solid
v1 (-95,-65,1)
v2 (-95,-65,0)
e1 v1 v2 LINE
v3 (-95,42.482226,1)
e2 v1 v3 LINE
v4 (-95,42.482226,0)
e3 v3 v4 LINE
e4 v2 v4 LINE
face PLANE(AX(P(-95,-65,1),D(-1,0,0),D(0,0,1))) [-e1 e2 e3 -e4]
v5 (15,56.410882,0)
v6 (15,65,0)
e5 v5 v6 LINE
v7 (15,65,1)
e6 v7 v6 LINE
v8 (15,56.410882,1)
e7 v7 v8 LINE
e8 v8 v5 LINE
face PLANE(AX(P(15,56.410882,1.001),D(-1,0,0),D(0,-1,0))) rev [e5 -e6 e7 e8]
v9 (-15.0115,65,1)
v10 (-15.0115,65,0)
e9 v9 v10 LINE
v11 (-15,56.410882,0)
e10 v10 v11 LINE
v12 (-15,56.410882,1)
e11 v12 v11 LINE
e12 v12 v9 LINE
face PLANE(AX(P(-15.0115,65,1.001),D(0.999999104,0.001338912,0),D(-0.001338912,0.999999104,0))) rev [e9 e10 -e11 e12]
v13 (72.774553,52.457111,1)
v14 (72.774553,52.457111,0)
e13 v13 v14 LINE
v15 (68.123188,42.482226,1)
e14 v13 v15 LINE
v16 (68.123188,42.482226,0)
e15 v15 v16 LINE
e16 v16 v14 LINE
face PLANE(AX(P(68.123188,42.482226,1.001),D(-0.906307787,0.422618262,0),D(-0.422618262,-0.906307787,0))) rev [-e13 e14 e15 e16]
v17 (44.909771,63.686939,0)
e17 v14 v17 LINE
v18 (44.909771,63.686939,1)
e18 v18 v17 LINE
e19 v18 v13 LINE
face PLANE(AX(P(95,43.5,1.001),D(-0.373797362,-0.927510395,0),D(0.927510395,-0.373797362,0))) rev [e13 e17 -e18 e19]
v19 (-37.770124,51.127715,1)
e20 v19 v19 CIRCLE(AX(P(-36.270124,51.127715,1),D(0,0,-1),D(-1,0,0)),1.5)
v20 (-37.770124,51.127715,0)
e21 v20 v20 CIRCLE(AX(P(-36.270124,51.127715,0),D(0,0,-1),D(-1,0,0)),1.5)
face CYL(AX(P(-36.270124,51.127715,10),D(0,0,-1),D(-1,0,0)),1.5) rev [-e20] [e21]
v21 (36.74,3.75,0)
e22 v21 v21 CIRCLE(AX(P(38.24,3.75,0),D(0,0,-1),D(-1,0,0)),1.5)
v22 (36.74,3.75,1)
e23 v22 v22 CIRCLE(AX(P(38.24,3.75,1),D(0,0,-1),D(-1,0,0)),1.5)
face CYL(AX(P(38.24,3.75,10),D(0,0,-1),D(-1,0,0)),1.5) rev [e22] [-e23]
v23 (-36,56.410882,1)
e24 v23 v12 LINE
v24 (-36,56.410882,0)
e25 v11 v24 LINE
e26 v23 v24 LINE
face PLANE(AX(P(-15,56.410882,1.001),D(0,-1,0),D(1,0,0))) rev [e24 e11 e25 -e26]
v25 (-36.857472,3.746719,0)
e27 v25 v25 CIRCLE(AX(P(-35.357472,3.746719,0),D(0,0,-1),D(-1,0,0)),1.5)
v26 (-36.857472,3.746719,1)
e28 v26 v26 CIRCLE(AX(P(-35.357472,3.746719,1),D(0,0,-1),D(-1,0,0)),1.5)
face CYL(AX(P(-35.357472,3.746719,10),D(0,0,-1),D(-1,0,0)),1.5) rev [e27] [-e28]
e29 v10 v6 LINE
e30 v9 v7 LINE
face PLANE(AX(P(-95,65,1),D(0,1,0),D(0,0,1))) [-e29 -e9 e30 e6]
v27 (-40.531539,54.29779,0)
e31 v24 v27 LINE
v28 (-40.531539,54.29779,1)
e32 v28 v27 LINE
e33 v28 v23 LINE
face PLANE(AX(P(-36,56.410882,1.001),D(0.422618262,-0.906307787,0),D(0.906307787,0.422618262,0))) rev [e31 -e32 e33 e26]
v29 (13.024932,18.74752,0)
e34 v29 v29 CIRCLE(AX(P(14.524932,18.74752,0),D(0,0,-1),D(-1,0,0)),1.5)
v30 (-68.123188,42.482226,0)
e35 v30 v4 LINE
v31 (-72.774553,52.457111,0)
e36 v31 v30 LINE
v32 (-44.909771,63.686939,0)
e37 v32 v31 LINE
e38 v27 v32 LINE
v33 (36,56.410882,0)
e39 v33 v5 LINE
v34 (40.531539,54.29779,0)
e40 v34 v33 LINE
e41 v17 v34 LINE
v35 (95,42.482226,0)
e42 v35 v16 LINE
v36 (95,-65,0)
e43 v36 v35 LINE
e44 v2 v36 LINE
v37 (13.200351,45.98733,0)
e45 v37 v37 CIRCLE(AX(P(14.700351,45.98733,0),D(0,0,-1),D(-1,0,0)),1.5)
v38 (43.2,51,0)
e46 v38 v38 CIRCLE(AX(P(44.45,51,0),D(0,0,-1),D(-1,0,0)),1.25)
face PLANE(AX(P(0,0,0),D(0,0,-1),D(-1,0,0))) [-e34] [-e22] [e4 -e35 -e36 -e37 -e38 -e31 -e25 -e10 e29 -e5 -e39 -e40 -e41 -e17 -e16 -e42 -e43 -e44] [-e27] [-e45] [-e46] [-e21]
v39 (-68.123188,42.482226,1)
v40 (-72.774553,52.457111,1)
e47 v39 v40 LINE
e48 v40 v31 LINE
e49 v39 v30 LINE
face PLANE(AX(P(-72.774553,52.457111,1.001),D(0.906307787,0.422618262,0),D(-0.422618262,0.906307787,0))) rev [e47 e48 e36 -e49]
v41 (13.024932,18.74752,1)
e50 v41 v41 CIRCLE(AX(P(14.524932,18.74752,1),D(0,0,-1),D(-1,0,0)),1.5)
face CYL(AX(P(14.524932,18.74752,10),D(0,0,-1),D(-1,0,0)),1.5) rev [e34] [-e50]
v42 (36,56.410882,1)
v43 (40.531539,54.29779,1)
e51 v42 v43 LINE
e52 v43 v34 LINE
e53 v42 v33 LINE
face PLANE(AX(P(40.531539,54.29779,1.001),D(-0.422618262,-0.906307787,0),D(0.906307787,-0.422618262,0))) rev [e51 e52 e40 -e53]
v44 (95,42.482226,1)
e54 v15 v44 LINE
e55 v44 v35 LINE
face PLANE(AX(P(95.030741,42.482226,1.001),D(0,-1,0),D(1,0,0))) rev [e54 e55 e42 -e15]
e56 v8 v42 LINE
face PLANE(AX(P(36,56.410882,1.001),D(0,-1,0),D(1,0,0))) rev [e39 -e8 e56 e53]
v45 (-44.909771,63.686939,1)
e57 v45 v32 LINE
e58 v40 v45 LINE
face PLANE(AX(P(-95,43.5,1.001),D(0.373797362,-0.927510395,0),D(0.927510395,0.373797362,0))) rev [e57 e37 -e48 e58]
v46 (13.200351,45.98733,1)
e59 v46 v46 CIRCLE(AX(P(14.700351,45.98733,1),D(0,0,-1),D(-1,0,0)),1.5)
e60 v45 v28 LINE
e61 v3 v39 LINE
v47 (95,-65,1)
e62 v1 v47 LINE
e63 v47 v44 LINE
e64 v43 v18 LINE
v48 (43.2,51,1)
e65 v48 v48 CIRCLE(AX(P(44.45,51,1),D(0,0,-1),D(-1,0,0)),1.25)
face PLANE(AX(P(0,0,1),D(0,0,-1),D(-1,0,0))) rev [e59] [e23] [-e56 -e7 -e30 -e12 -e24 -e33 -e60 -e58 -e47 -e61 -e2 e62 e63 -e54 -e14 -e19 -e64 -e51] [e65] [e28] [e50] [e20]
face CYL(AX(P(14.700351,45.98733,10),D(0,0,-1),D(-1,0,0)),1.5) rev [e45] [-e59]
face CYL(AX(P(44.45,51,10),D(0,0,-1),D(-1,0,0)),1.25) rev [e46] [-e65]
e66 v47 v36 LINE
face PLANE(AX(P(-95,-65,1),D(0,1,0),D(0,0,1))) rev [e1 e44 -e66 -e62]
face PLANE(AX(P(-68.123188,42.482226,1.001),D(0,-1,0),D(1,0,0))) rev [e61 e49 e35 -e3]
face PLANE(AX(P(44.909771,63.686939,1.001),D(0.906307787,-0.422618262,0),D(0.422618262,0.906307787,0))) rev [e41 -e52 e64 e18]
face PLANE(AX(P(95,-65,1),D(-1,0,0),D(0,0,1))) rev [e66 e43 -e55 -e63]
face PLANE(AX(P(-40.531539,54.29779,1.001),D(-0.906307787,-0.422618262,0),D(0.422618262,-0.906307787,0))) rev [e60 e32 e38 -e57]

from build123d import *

# Parameters (mm, degrees)
CROQUIS1_W              = 190
CROQUIS1_H              = 130
SALIENTE_EXTRUIR1_DEPTH = 1
CROQUIS9_R              = 1.25
CROQUIS9_R_2            = 1.5
CORTAR_EXTRUIR2_DEPTH   = 10
CORTAR_EXTRUIR3_REACH   = 3
CORTAR_EXTRUIR4_REACH   = 3


with BuildPart() as part:
    # Croquis1 → Saliente-Extruir1 (new body)
    with BuildSketch(Plane.XY):
        Rectangle(CROQUIS1_W, CROQUIS1_H)
    extrude(amount=SALIENTE_EXTRUIR1_DEPTH)

    # Croquis9 → Cortar-Extruir2 (cut)
    with BuildSketch(Plane(origin=(0, 0, 0), x_dir=(-1, 0, 0), z_dir=(0, 0, -1))):
        with Locations((-44.45, 51)):
            Circle(CROQUIS9_R)
        with Locations((35.357472454, 3.746718702)):
            Circle(CROQUIS9_R_2)
        with Locations((36.270123649, 51.127714796)):
            Circle(CROQUIS9_R_2)
        with Locations((-14.524931807, 18.747519864)):
            Circle(CROQUIS9_R_2)
        with Locations((-14.700351259, 45.987329572)):
            Circle(CROQUIS9_R_2)
        with Locations((-38.24, 3.75)):
            Circle(CROQUIS9_R_2)
    extrude(amount=-CORTAR_EXTRUIR2_DEPTH, mode=Mode.SUBTRACT)

    # Croquis12 → Cortar-Extruir3 (cut, up to next)
    with BuildSketch(Plane(origin=(0, 0, 0), x_dir=(-1, 0, 0), z_dir=(0, 0, -1)), mode=Mode.PRIVATE) as cortar_extruir3_sk1:
        Polygon((-95, 65), (-95, 43.5), (-41.651647359, 65), align=None)
    cortar_extruir3_tool1 = extrude(cortar_extruir3_sk1.sketch, amount=-CORTAR_EXTRUIR3_REACH, mode=Mode.PRIVATE) & part.part
    add(cortar_extruir3_tool1.solids().sort_by_distance((77.217216, 57.833333, 0))[0], mode=Mode.SUBTRACT)
    # Croquis12 → Cortar-Extruir3 (cut, up to next)
    with BuildSketch(Plane(origin=(0, 0, 0), x_dir=(-1, 0, 0), z_dir=(0, 0, -1)), mode=Mode.PRIVATE) as cortar_extruir3_sk2:
        Polygon((41.651647359, 65), (95, 65), (95, 43.5), align=None)
    cortar_extruir3_tool2 = extrude(cortar_extruir3_sk2.sketch, amount=-CORTAR_EXTRUIR3_REACH, mode=Mode.PRIVATE) & part.part
    add(cortar_extruir3_tool2.solids().sort_by_distance((-77.217216, 57.833333, 0))[0], mode=Mode.SUBTRACT)

    # Croquis13 → Cortar-Extruir4 (cut, up to next)
    with BuildSketch(Plane(origin=(0, 0, 0), x_dir=(-1, 0, 0), z_dir=(0, 0, -1)), mode=Mode.PRIVATE) as cortar_extruir4_sk1:
        Polygon((-68.123188454, 42.482226287), (-72.77455345, 52.45711071), (-95, 43.5), (-95.030741331, 42.482226287), align=None)
    cortar_extruir4_tool1 = extrude(cortar_extruir4_sk1.sketch, amount=-CORTAR_EXTRUIR4_REACH, mode=Mode.PRIVATE) & part.part
    add(cortar_extruir4_tool1.solids().sort_by_distance((79.331365, 45.833261, 0))[0], mode=Mode.SUBTRACT)
    # Croquis13 → Cortar-Extruir4 (cut, up to next)
    with BuildSketch(Plane(origin=(0, 0, 0), x_dir=(-1, 0, 0), z_dir=(0, 0, -1)), mode=Mode.PRIVATE) as cortar_extruir4_sk2:
        Polygon((-44.909770717, 63.686938795), (-40.531538935, 54.297790439), (-36, 56.410881748), (-15, 56.410881748), (-15, 65), (-41.651647359, 65), align=None)
    cortar_extruir4_tool2 = extrude(cortar_extruir4_sk2.sketch, amount=-CORTAR_EXTRUIR4_REACH, mode=Mode.PRIVATE) & part.part
    add(cortar_extruir4_tool2.solids().sort_by_distance((29.368606, 60.647773, 0))[0], mode=Mode.SUBTRACT)
    # Croquis13 → Cortar-Extruir4 (cut, up to next)
    with BuildSketch(Plane(origin=(0, 0, 0), x_dir=(-1, 0, 0), z_dir=(0, 0, -1)), mode=Mode.PRIVATE) as cortar_extruir4_sk3:
        Polygon((44.909770717, 63.686938795), (41.651647359, 65), (15.011500088, 65), (15, 56.410881748), (36, 56.410881748), (40.531538935, 54.297790439), align=None)
    cortar_extruir4_tool3 = extrude(cortar_extruir4_sk3.sketch, amount=-CORTAR_EXTRUIR4_REACH, mode=Mode.PRIVATE) & part.part
    add(cortar_extruir4_tool3.solids().sort_by_distance((-29.371465, 60.647477, 0))[0], mode=Mode.SUBTRACT)
    # Croquis13 → Cortar-Extruir4 (cut, up to next)
    with BuildSketch(Plane(origin=(0, 0, 0), x_dir=(-1, 0, 0), z_dir=(0, 0, -1)), mode=Mode.PRIVATE) as cortar_extruir4_sk4:
        Polygon((72.77455345, 52.45711071), (68.123188454, 42.482226287), (95, 42.482226287), (95, 43.5), align=None)
    cortar_extruir4_tool4 = extrude(cortar_extruir4_sk4.sketch, amount=-CORTAR_EXTRUIR4_REACH, mode=Mode.PRIVATE) & part.part
    add(cortar_extruir4_tool4.solids().sort_by_distance((-79.329677, 45.833585, 0))[0], mode=Mode.SUBTRACT)


solid = part.part
